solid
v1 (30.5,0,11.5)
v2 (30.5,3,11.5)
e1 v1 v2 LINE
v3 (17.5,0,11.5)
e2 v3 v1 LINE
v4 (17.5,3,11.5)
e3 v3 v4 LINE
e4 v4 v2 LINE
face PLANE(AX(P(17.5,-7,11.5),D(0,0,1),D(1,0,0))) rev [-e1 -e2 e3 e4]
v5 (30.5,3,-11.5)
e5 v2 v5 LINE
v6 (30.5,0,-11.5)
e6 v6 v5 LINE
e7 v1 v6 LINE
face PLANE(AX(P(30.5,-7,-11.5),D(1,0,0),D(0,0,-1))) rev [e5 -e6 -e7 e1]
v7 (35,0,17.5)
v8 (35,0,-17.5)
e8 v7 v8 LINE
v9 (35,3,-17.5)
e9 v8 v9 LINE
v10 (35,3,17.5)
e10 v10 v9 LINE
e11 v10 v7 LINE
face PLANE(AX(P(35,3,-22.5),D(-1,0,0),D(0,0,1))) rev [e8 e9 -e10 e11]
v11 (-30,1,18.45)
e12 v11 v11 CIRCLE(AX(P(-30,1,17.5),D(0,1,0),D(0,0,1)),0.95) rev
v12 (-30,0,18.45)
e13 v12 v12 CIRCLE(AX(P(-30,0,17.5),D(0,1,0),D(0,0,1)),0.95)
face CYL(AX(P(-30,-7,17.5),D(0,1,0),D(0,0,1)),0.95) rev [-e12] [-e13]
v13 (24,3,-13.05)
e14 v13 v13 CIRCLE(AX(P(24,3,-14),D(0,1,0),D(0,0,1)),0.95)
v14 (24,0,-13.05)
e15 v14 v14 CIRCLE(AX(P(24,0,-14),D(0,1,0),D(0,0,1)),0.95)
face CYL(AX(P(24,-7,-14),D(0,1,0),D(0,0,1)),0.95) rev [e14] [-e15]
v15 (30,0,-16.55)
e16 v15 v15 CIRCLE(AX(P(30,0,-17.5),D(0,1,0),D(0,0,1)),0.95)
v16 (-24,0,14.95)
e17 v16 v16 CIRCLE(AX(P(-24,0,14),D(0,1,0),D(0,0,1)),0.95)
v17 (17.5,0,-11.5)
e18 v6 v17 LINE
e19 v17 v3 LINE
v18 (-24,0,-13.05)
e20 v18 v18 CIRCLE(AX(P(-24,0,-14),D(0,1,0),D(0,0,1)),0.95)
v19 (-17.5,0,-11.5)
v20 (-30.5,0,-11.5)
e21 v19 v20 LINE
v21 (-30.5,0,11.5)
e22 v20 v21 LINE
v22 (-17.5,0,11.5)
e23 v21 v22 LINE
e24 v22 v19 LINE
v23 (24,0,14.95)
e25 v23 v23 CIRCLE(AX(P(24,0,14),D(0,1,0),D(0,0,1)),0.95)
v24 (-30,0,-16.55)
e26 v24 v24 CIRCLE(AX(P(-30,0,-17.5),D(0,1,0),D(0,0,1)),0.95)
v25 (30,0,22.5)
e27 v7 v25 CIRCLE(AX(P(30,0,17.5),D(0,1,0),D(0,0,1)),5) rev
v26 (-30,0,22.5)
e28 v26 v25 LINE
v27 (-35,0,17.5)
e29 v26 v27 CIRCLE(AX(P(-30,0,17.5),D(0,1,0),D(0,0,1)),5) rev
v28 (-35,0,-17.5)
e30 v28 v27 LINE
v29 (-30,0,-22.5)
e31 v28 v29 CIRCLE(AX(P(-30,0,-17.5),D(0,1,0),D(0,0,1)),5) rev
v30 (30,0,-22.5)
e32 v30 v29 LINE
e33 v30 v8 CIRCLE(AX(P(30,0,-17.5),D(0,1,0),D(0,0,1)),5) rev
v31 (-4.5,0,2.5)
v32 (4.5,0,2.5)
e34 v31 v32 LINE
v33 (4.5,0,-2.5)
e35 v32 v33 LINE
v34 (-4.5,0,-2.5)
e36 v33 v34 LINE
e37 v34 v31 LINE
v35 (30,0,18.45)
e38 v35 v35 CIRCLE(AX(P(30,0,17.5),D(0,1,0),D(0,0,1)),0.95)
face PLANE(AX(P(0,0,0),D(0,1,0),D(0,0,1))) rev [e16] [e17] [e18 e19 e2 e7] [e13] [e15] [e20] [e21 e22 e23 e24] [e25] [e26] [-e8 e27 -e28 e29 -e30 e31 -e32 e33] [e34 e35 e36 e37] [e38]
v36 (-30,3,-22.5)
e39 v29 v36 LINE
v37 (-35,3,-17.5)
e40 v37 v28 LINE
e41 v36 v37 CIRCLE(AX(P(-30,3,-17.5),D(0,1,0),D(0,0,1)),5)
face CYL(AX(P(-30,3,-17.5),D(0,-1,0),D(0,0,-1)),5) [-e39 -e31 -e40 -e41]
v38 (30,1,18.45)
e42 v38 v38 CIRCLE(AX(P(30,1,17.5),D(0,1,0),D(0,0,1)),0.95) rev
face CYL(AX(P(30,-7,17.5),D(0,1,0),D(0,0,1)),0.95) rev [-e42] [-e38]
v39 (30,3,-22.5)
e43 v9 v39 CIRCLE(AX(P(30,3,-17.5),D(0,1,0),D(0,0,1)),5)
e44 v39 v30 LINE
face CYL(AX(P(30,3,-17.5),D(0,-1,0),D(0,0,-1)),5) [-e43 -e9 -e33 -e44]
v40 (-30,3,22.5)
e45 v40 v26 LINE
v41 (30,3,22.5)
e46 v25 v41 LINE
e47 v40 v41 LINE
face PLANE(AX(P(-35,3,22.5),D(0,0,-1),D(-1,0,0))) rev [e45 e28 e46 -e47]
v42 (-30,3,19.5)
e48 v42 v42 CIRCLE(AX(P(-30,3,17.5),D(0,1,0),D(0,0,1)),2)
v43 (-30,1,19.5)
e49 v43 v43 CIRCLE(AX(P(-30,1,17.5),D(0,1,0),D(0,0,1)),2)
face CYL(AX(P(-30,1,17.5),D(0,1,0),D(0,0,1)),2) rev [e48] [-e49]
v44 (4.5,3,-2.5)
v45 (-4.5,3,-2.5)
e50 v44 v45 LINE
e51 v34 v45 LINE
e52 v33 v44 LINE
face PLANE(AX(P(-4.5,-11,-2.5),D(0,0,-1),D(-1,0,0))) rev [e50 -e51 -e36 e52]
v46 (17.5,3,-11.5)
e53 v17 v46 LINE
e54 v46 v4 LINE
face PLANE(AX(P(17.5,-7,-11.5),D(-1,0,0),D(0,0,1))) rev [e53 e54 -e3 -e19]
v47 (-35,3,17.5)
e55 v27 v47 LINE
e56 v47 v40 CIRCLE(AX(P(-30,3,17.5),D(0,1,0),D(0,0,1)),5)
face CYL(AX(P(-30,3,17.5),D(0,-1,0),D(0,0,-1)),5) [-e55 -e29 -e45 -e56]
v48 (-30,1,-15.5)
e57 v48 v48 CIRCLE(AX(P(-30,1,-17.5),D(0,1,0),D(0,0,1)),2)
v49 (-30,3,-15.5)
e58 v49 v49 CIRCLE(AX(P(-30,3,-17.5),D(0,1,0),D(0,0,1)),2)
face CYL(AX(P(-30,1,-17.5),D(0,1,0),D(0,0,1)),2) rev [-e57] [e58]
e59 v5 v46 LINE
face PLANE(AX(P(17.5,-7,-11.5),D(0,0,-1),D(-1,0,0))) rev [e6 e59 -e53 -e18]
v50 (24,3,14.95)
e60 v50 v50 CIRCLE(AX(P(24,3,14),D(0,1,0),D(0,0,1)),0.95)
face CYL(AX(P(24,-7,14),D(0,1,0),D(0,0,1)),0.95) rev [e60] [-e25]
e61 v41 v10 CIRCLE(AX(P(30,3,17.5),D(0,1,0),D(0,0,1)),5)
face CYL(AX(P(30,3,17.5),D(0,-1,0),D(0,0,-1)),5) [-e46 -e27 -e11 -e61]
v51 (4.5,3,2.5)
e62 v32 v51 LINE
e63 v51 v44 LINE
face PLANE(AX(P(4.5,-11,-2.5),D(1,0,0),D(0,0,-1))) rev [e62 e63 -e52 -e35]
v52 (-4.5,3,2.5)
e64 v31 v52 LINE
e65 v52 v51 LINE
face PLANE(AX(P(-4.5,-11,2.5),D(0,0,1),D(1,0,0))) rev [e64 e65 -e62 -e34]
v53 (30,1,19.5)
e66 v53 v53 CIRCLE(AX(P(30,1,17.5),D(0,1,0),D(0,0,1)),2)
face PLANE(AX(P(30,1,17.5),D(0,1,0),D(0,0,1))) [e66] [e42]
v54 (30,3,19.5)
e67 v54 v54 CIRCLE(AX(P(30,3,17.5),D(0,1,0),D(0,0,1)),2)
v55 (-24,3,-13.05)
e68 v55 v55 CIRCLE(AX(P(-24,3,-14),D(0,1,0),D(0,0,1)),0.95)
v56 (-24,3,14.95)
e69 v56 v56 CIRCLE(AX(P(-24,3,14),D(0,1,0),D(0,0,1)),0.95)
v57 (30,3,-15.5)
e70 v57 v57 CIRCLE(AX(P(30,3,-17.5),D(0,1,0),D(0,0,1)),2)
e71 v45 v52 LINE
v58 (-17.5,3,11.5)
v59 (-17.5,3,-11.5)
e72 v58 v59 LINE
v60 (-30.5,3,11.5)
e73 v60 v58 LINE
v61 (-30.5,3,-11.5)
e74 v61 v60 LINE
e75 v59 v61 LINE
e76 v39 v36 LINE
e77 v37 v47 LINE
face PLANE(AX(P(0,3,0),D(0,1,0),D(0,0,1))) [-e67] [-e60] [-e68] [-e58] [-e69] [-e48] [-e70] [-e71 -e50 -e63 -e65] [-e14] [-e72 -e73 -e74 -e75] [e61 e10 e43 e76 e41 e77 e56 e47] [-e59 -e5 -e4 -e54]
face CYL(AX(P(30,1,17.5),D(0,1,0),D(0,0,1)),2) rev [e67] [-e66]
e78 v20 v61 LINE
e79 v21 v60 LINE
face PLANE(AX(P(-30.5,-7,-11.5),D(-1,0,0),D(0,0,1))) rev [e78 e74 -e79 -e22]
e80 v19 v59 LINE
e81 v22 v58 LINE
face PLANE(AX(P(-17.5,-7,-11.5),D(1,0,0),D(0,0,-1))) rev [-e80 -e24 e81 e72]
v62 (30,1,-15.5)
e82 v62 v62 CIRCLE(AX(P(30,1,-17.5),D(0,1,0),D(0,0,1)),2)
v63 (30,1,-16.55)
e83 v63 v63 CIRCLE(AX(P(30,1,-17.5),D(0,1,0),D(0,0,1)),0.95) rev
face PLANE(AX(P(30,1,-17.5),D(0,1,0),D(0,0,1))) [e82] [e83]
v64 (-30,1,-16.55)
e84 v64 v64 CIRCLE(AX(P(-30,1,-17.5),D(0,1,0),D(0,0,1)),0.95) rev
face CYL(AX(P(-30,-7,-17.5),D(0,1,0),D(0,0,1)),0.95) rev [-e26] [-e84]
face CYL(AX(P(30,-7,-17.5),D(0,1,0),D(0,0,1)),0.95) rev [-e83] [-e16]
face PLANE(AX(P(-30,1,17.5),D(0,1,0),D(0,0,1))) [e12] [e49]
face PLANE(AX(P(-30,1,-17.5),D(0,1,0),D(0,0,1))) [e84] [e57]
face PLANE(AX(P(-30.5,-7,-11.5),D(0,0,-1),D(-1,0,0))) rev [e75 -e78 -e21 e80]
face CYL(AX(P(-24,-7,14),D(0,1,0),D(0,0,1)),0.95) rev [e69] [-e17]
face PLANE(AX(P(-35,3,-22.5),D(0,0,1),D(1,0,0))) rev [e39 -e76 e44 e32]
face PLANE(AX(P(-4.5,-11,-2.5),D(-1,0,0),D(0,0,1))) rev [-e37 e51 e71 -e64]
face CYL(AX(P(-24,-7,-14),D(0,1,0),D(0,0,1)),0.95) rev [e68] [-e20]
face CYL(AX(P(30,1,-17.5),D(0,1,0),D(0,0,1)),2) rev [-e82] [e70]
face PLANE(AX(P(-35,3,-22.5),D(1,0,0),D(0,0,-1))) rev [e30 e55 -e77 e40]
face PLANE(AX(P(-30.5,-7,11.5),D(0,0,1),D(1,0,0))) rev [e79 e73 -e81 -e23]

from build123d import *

# Parameters (mm, degrees)
SKETCH_1_W          = 70
SKETCH_1_H          = 45
EXTRUDE_1_DEPTH     = 3
SKETCH_2_W          = 13
SKETCH_2_H          = 23
CUT_EXTRUDE_1_DEPTH = 10
SKETCH_3_R          = 0.95
CUT_EXTRUDE_2_DEPTH = 10
FILLET_1_R          = 5
FILLET_2_R          = 5
SKETCH_4_R          = 0.95
CUT_EXTRUDE_3_DEPTH = 10
SKETCH_5_R          = 2
CUT_EXTRUDE_4_DEPTH = 2
SKETCH_6_W          = 9
SKETCH_6_H          = 5
CUT_EXTRUDE_5_DEPTH = 14


with BuildPart() as part:
    # 草图1 → 凸台-拉伸1 (new body)
    with BuildSketch(Plane(origin=(0, 0, 0), x_dir=(1, 0, 0), z_dir=(0, 1, 0))):
        Rectangle(SKETCH_1_W, SKETCH_1_H)
    extrude(amount=EXTRUDE_1_DEPTH)

    # 草图2 → 切除-拉伸1 (cut)
    with BuildSketch(Plane(origin=(0, 3, 0), x_dir=(1, 0, 0), z_dir=(0, 1, 0))):
        with Locations((24, 0)):
            Rectangle(SKETCH_2_W, SKETCH_2_H)
        with Locations((-24, 0)):
            Rectangle(SKETCH_2_W, SKETCH_2_H)
    extrude(amount=-CUT_EXTRUDE_1_DEPTH, mode=Mode.SUBTRACT)

    # 草图3 → 切除-拉伸2 (cut)
    with BuildSketch(Plane(origin=(0, 3, 0), x_dir=(1, 0, 0), z_dir=(0, 1, 0))):
        with Locations((-24, 14)):
            Circle(SKETCH_3_R)
        with Locations((-24, -14)):
            Circle(SKETCH_3_R)
        with Locations((24, 14)):
            Circle(SKETCH_3_R)
        with Locations((24, -14)):
            Circle(SKETCH_3_R)
    extrude(amount=-CUT_EXTRUDE_2_DEPTH, mode=Mode.SUBTRACT)

    # 圆角1
    fillet_1_edges = [part.edges().sort_by_distance(p)[0] for p in [
        (35, 1.5, -22.5),
    ]]
    fillet(fillet_1_edges, radius=FILLET_1_R)

    # 圆角2
    fillet_2_edges = [part.edges().sort_by_distance(p)[0] for p in [
        (35, 1.5, 22.5),
        (-35, 1.5, 22.5),
        (-35, 1.5, -22.5),
    ]]
    fillet(fillet_2_edges, radius=FILLET_2_R)

    # 草图4 → 切除-拉伸3 (cut)
    with BuildSketch(Plane(origin=(0, 3, 0), x_dir=(1, 0, 0), z_dir=(0, 1, 0))):
        with Locations((-30, 17.5)):
            Circle(SKETCH_4_R)
        with Locations((30, 17.5)):
            Circle(SKETCH_4_R)
        with Locations((-30, -17.5)):
            Circle(SKETCH_4_R)
        with Locations((30, -17.5)):
            Circle(SKETCH_4_R)
    extrude(amount=-CUT_EXTRUDE_3_DEPTH, mode=Mode.SUBTRACT)

    # 草图5 → 切除-拉伸4 (cut)
    with BuildSketch(Plane(origin=(0, 3, 0), x_dir=(1, 0, 0), z_dir=(0, 1, 0))):
        with Locations((-30, 17.5)):
            Circle(SKETCH_5_R)
        with Locations((30, 17.5)):
            Circle(SKETCH_5_R)
        with Locations((-30, -17.5)):
            Circle(SKETCH_5_R)
        with Locations((30, -17.5)):
            Circle(SKETCH_5_R)
    extrude(amount=-CUT_EXTRUDE_4_DEPTH, mode=Mode.SUBTRACT)

    # 草图6 → 切除-拉伸5 (cut)
    with BuildSketch(Plane(origin=(0, 3, 0), x_dir=(1, 0, 0), z_dir=(0, 1, 0))):
        Rectangle(SKETCH_6_W, SKETCH_6_H)
    extrude(amount=-CUT_EXTRUDE_5_DEPTH, mode=Mode.SUBTRACT)


solid = part.part
